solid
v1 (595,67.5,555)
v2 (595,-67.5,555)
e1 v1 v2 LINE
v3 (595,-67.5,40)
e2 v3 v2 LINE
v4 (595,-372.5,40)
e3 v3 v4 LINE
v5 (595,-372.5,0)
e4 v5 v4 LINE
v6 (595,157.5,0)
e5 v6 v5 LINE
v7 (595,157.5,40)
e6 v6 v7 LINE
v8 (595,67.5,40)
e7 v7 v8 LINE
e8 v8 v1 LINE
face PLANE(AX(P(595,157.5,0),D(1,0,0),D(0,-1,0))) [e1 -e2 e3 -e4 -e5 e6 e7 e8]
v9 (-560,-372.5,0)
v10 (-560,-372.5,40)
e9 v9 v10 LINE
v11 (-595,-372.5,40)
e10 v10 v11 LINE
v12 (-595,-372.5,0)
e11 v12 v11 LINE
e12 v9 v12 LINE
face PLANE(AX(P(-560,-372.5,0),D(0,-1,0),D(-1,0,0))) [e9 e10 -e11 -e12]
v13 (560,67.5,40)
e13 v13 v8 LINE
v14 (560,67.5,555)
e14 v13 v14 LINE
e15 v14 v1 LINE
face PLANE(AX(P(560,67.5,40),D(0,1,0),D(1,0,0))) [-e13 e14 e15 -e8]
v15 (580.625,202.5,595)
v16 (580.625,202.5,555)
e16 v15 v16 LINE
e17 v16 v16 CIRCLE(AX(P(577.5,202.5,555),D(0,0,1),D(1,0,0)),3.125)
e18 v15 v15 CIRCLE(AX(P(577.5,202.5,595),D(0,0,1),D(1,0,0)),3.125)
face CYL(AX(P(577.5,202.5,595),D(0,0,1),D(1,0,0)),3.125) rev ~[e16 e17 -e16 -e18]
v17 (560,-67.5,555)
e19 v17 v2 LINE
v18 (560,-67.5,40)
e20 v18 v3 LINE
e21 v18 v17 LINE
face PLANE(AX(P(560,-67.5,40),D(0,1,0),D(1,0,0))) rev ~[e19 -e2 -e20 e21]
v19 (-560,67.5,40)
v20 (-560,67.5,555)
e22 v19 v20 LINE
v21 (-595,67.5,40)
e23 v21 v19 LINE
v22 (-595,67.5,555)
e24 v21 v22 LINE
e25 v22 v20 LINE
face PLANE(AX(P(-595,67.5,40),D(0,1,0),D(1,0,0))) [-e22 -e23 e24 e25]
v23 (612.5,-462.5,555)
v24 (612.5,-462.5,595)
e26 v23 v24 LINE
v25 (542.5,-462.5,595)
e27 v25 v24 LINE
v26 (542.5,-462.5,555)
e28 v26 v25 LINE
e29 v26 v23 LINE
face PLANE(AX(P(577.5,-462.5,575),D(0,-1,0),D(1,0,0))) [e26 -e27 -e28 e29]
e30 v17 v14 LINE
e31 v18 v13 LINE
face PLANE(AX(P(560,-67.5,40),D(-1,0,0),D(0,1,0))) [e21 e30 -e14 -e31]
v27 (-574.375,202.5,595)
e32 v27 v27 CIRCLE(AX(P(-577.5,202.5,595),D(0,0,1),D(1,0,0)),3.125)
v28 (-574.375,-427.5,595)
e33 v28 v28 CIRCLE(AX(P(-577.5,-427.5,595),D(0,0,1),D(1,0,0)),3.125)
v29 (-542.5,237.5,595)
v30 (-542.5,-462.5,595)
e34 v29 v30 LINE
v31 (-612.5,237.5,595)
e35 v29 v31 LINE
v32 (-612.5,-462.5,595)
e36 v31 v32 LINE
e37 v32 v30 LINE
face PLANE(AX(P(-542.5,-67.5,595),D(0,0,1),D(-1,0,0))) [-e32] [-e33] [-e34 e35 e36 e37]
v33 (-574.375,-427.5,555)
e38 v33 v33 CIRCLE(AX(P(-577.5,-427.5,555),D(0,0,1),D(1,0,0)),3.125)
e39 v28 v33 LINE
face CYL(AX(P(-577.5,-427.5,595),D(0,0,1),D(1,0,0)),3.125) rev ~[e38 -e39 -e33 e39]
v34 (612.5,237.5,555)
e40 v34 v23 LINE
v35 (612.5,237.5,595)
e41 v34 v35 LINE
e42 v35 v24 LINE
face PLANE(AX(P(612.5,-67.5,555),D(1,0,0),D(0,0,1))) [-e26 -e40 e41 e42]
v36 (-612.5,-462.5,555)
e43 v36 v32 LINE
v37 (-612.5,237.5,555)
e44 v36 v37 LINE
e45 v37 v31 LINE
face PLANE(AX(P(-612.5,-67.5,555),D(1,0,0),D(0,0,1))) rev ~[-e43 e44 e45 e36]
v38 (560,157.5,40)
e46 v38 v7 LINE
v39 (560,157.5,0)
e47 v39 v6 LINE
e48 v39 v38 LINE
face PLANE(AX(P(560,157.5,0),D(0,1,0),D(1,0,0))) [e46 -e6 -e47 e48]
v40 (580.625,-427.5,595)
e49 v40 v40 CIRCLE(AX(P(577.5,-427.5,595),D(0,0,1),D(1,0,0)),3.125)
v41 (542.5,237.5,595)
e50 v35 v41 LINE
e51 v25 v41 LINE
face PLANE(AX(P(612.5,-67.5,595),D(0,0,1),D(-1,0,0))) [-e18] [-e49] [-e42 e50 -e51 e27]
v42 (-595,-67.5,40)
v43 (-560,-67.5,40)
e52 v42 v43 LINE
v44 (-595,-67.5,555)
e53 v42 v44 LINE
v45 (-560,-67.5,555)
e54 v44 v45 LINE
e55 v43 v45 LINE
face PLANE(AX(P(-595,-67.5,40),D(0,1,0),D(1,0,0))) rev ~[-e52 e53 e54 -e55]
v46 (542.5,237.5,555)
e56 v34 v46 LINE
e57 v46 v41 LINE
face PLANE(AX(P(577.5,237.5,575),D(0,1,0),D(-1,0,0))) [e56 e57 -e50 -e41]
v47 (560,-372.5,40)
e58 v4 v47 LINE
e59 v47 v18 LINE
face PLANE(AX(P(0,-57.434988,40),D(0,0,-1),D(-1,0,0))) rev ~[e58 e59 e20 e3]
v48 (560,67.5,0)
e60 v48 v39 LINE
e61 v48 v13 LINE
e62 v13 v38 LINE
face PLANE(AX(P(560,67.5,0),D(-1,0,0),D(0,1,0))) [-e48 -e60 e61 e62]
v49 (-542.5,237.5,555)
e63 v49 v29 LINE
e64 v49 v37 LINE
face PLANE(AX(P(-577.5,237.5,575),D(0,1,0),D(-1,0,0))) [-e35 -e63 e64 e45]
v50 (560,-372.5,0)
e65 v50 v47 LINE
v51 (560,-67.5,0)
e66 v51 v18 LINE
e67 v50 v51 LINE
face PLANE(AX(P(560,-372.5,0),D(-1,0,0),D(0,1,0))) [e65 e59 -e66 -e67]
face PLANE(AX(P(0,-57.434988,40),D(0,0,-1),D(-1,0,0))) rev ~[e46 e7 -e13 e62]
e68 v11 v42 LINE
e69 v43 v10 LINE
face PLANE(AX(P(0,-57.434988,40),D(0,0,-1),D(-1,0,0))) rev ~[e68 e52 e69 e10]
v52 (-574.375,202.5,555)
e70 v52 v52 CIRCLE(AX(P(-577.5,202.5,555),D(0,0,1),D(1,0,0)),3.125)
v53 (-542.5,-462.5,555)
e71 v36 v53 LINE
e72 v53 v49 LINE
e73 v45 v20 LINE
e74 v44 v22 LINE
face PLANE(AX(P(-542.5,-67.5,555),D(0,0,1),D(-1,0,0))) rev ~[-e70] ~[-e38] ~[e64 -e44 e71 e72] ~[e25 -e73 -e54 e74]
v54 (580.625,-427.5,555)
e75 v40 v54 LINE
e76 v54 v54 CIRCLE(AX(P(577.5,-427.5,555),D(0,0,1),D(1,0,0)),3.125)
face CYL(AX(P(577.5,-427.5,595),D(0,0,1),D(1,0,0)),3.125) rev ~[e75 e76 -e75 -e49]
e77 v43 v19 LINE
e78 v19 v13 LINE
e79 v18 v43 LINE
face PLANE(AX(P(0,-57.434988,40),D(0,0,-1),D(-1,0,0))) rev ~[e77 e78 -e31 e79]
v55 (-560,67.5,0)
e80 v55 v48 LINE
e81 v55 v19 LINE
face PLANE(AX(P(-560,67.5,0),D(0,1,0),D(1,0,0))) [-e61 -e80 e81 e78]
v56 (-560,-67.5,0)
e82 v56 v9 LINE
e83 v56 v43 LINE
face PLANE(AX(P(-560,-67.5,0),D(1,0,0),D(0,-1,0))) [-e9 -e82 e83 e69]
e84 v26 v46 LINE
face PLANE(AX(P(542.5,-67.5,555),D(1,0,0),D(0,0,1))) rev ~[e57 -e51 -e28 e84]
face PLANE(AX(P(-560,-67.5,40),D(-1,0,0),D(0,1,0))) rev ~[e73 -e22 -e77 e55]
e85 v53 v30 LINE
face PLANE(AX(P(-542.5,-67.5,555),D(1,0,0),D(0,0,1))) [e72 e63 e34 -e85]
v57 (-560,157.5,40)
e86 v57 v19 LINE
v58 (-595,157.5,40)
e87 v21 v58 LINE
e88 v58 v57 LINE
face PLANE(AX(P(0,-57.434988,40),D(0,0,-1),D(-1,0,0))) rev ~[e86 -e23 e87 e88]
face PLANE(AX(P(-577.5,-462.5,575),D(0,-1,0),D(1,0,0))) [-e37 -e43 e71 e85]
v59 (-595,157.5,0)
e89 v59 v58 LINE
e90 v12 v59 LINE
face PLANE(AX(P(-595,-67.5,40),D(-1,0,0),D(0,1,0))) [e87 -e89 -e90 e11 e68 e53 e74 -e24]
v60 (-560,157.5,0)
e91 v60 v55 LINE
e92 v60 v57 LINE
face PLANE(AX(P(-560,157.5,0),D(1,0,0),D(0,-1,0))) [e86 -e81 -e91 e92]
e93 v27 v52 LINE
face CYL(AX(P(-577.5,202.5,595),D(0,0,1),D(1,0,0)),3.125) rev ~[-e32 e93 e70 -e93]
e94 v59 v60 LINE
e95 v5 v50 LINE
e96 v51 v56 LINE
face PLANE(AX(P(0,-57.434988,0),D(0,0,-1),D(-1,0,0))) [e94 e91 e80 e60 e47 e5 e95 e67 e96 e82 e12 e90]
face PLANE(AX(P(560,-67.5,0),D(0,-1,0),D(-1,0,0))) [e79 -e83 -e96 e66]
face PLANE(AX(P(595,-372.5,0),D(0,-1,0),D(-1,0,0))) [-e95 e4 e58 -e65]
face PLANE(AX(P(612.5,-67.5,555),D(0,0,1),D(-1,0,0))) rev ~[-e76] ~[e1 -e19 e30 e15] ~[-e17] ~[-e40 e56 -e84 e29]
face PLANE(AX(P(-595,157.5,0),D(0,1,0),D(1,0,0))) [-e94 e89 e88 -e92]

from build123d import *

# Parameters (mm, degrees)
PAD_DEPTH    = 40
SKETCH001_W  = 35
SKETCH001_H  = 135
PAD001_DEPTH = 555
SKETCH002_W  = 70
SKETCH002_H  = 40
PAD002_DEPTH = 395
SKETCH003_W  = 70
SKETCH003_H  = 40
PAD003_DEPTH = 305
SKETCH004_R  = 3.125
POCKET_DEPTH = 595.001


with BuildPart() as part:
    # Sketch → Pad (new body)
    with BuildSketch(Plane.XY):
        Polygon((-560, 67.5), (560, 67.5), (560, 157.5), (595, 157.5), (595, -372.5), (560, -372.5), (560, -67.5), (-560, -67.5), (-560, -372.5), (-595, -372.5), (-595, 157.5), (-560, 157.5), align=None)
    extrude(amount=PAD_DEPTH)

    # Sketch001 (on Face14 of Pad) → Pad001 (join)
    with BuildSketch(Plane.XY.offset(40)):
        with Locations((-577.5, 0)):
            Rectangle(SKETCH001_W, SKETCH001_H)
        with Locations((577.5, 0)):
            Rectangle(SKETCH001_W, SKETCH001_H)
    extrude(amount=PAD001_DEPTH)

    # Sketch002 (on Face27 of Pad001) → Pad002 (join)
    with BuildSketch(Plane.XZ.offset(67.5)):
        with Locations((-577.5, 575)):
            Rectangle(SKETCH002_W, SKETCH002_H)
        with Locations((577.5, 575)):
            Rectangle(SKETCH002_W, SKETCH002_H)
    extrude(amount=PAD002_DEPTH)

    # Sketch003 (on Face32 of Pad002) → Pad003 (join)
    with BuildSketch(Plane(origin=(0, -67.5, 0), x_dir=(-1, 0, 0), z_dir=(0, 1, 0))):
        with Locations((577.5, 575)):
            Rectangle(SKETCH003_W, SKETCH003_H)
        with Locations((-577.5, 575)):
            Rectangle(SKETCH003_W, SKETCH003_H)
    extrude(amount=PAD003_DEPTH)

    # Sketch004 (on Face47 of Pad003) → Pocket (cut, through all)
    with BuildSketch(Plane.XY.offset(595)):
        with Locations((-577.5, -427.5)):
            Circle(SKETCH004_R)
        with Locations((577.5, -427.5)):
            Circle(SKETCH004_R)
        with Locations((-577.5, 202.5)):
            Circle(SKETCH004_R)
        with Locations((577.5, 202.5)):
            Circle(SKETCH004_R)
    extrude(amount=-POCKET_DEPTH, mode=Mode.SUBTRACT)


solid = part.part
